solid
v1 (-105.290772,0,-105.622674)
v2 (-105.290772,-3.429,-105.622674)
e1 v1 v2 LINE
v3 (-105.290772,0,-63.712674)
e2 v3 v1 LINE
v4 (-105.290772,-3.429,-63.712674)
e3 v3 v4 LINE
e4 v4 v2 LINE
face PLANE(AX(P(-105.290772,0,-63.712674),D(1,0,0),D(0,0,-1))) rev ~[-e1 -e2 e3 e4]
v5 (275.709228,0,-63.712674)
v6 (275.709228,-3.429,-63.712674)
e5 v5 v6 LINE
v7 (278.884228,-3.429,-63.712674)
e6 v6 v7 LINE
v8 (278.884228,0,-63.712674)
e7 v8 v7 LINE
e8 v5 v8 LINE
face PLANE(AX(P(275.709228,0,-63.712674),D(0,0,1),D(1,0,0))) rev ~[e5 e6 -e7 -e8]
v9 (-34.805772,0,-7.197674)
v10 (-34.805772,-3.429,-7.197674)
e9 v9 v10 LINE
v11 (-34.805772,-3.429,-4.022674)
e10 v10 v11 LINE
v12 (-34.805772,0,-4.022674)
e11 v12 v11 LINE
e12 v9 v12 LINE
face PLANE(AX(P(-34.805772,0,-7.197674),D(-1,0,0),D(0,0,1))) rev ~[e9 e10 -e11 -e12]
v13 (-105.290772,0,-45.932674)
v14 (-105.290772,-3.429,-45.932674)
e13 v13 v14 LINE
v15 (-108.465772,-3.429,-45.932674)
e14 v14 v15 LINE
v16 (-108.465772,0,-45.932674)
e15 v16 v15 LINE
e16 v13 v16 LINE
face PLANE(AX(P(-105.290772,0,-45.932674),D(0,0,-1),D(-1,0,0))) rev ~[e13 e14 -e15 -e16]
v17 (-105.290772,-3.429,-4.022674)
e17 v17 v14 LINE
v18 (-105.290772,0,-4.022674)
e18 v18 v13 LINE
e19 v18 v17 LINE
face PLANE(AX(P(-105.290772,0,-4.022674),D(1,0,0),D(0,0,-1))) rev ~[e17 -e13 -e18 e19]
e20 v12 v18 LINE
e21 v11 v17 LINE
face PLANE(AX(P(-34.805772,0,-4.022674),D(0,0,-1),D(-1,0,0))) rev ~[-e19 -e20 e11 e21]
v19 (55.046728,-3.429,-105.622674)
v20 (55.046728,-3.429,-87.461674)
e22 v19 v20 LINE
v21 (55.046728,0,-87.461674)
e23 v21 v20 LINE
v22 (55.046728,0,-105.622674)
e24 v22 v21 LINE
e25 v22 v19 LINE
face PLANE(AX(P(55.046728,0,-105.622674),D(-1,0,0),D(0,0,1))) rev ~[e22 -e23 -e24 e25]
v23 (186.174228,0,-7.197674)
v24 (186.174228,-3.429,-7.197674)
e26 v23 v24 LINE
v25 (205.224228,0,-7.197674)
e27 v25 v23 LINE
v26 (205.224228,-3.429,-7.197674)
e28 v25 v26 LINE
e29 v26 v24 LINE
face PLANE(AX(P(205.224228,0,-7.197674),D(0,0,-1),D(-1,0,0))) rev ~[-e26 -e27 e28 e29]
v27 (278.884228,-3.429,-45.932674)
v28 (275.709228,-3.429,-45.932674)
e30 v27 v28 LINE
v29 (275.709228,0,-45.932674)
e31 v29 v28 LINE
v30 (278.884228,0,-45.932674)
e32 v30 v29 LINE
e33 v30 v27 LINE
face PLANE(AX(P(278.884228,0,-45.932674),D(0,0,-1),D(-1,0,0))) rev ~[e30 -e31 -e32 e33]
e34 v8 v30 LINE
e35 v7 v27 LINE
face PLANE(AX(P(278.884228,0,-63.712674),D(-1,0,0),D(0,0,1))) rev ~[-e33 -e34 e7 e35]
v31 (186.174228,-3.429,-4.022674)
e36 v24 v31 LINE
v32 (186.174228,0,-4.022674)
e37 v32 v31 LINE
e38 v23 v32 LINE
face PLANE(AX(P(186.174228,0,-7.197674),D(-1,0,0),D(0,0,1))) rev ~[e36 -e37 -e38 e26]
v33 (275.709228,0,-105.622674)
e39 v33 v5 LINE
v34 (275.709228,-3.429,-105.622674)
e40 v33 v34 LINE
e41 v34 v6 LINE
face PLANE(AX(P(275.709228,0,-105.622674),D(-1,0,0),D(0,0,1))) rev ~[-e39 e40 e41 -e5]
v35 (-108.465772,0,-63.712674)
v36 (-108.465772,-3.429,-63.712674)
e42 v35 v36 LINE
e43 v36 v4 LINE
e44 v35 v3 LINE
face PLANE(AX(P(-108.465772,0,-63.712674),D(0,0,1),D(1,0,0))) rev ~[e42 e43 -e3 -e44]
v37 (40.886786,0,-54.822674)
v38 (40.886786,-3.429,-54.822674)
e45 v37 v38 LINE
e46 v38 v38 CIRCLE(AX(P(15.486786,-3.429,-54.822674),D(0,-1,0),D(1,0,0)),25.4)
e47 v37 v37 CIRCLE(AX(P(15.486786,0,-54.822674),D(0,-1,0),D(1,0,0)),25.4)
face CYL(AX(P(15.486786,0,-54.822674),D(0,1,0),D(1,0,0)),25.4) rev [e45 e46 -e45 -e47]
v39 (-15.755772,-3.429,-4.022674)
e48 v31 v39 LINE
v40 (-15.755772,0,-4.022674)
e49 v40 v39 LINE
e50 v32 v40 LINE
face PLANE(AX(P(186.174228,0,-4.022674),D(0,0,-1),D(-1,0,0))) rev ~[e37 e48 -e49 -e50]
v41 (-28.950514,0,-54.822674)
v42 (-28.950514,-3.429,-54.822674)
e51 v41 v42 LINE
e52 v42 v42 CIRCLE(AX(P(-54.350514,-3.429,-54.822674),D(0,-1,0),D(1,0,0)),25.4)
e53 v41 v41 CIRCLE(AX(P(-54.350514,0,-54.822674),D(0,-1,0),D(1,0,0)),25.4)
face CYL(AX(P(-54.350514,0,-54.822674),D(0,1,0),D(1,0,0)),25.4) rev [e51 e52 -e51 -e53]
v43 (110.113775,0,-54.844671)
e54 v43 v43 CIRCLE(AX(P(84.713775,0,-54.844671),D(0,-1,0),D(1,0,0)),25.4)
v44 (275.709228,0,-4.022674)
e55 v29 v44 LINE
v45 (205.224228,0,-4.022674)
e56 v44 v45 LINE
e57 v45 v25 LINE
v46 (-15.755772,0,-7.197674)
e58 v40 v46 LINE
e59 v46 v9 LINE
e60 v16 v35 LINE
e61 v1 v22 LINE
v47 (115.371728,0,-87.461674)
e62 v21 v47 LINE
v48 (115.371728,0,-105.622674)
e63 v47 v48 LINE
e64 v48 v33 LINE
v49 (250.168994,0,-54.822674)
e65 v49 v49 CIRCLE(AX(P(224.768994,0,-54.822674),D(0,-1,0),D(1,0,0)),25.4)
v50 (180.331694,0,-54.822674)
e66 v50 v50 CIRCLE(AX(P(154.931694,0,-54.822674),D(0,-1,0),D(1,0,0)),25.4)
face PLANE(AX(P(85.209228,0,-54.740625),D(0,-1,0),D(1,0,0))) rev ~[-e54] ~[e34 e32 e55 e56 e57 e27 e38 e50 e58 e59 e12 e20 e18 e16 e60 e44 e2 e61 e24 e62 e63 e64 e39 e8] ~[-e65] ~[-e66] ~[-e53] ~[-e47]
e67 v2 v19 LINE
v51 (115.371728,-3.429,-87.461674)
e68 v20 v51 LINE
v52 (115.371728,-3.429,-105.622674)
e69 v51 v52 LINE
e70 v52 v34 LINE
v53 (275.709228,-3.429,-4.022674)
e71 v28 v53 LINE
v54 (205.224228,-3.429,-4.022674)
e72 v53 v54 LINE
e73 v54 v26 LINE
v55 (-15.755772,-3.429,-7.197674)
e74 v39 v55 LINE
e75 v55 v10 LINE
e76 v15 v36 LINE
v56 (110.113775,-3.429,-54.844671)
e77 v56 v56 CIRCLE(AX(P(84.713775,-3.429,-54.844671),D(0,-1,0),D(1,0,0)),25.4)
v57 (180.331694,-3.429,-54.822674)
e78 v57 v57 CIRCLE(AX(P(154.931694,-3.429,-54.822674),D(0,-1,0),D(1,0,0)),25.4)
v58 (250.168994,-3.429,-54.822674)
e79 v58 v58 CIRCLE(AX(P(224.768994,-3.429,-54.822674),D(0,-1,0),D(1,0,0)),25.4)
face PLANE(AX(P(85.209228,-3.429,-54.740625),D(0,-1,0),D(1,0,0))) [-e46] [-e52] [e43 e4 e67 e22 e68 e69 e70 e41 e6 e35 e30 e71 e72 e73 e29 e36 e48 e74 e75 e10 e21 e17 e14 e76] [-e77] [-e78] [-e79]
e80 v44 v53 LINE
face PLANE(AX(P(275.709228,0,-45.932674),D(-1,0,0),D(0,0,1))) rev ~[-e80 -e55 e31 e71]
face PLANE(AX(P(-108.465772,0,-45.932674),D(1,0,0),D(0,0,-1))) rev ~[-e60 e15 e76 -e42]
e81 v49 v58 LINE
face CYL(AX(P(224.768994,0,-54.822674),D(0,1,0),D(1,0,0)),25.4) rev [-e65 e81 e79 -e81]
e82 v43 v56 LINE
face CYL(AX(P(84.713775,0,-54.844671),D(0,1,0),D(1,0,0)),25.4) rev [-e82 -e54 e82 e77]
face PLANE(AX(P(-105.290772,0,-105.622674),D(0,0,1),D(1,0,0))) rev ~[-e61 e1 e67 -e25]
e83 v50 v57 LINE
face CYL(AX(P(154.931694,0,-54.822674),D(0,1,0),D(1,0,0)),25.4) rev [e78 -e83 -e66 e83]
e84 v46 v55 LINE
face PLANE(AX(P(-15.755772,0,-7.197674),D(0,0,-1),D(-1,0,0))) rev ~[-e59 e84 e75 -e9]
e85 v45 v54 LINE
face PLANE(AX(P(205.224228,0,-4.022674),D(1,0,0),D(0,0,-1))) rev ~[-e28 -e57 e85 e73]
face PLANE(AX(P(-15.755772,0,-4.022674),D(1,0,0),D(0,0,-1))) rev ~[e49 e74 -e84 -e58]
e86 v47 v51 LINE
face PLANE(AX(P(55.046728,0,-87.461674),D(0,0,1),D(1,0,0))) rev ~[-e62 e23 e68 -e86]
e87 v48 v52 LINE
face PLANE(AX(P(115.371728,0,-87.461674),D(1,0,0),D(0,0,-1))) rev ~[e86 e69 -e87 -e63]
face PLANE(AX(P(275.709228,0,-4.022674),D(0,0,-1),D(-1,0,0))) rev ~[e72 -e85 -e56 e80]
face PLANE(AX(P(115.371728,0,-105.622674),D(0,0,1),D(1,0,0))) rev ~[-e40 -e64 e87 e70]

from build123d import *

# Parameters (mm, degrees)
F0_R     = 25.4
F1_DEPTH = 3.429


with BuildPart() as f1:
    # F0 (on Front) → F1 (new body)
    with BuildSketch(Plane.XZ):
        Polygon((205.224228, -4.022674), (205.224228, -7.197674), (186.174228, -7.197674), (186.174228, -4.022674), (-15.755772, -4.022674), (-15.755772, -7.197674), (-34.805772, -7.197674), (-34.805772, -4.022674), (-105.290772, -4.022674), (-105.290772, -45.932674), (-108.465772, -45.932674), (-108.465772, -63.712674), (-105.290772, -63.712674), (-105.290772, -105.622674), (55.046728, -105.622674), (55.046728, -87.461674), (115.371728, -87.461674), (115.371728, -105.622674), (275.709228, -105.622674), (275.709228, -63.712674), (278.884228, -63.712674), (278.884228, -45.932674), (275.709228, -45.932674), (275.709228, -4.022674), align=None)
        with Locations((84.713775, -54.844671)):
            Circle(F0_R, mode=Mode.SUBTRACT)
        with Locations((-54.350514, -54.822674)):
            Circle(F0_R, mode=Mode.SUBTRACT)
        with Locations((15.486786, -54.822674)):
            Circle(F0_R, mode=Mode.SUBTRACT)
        with Locations((154.931694, -54.822674)):
            Circle(F0_R, mode=Mode.SUBTRACT)
        with Locations((224.768994, -54.822674)):
            Circle(F0_R, mode=Mode.SUBTRACT)
    extrude(amount=F1_DEPTH)


solid = f1.part
